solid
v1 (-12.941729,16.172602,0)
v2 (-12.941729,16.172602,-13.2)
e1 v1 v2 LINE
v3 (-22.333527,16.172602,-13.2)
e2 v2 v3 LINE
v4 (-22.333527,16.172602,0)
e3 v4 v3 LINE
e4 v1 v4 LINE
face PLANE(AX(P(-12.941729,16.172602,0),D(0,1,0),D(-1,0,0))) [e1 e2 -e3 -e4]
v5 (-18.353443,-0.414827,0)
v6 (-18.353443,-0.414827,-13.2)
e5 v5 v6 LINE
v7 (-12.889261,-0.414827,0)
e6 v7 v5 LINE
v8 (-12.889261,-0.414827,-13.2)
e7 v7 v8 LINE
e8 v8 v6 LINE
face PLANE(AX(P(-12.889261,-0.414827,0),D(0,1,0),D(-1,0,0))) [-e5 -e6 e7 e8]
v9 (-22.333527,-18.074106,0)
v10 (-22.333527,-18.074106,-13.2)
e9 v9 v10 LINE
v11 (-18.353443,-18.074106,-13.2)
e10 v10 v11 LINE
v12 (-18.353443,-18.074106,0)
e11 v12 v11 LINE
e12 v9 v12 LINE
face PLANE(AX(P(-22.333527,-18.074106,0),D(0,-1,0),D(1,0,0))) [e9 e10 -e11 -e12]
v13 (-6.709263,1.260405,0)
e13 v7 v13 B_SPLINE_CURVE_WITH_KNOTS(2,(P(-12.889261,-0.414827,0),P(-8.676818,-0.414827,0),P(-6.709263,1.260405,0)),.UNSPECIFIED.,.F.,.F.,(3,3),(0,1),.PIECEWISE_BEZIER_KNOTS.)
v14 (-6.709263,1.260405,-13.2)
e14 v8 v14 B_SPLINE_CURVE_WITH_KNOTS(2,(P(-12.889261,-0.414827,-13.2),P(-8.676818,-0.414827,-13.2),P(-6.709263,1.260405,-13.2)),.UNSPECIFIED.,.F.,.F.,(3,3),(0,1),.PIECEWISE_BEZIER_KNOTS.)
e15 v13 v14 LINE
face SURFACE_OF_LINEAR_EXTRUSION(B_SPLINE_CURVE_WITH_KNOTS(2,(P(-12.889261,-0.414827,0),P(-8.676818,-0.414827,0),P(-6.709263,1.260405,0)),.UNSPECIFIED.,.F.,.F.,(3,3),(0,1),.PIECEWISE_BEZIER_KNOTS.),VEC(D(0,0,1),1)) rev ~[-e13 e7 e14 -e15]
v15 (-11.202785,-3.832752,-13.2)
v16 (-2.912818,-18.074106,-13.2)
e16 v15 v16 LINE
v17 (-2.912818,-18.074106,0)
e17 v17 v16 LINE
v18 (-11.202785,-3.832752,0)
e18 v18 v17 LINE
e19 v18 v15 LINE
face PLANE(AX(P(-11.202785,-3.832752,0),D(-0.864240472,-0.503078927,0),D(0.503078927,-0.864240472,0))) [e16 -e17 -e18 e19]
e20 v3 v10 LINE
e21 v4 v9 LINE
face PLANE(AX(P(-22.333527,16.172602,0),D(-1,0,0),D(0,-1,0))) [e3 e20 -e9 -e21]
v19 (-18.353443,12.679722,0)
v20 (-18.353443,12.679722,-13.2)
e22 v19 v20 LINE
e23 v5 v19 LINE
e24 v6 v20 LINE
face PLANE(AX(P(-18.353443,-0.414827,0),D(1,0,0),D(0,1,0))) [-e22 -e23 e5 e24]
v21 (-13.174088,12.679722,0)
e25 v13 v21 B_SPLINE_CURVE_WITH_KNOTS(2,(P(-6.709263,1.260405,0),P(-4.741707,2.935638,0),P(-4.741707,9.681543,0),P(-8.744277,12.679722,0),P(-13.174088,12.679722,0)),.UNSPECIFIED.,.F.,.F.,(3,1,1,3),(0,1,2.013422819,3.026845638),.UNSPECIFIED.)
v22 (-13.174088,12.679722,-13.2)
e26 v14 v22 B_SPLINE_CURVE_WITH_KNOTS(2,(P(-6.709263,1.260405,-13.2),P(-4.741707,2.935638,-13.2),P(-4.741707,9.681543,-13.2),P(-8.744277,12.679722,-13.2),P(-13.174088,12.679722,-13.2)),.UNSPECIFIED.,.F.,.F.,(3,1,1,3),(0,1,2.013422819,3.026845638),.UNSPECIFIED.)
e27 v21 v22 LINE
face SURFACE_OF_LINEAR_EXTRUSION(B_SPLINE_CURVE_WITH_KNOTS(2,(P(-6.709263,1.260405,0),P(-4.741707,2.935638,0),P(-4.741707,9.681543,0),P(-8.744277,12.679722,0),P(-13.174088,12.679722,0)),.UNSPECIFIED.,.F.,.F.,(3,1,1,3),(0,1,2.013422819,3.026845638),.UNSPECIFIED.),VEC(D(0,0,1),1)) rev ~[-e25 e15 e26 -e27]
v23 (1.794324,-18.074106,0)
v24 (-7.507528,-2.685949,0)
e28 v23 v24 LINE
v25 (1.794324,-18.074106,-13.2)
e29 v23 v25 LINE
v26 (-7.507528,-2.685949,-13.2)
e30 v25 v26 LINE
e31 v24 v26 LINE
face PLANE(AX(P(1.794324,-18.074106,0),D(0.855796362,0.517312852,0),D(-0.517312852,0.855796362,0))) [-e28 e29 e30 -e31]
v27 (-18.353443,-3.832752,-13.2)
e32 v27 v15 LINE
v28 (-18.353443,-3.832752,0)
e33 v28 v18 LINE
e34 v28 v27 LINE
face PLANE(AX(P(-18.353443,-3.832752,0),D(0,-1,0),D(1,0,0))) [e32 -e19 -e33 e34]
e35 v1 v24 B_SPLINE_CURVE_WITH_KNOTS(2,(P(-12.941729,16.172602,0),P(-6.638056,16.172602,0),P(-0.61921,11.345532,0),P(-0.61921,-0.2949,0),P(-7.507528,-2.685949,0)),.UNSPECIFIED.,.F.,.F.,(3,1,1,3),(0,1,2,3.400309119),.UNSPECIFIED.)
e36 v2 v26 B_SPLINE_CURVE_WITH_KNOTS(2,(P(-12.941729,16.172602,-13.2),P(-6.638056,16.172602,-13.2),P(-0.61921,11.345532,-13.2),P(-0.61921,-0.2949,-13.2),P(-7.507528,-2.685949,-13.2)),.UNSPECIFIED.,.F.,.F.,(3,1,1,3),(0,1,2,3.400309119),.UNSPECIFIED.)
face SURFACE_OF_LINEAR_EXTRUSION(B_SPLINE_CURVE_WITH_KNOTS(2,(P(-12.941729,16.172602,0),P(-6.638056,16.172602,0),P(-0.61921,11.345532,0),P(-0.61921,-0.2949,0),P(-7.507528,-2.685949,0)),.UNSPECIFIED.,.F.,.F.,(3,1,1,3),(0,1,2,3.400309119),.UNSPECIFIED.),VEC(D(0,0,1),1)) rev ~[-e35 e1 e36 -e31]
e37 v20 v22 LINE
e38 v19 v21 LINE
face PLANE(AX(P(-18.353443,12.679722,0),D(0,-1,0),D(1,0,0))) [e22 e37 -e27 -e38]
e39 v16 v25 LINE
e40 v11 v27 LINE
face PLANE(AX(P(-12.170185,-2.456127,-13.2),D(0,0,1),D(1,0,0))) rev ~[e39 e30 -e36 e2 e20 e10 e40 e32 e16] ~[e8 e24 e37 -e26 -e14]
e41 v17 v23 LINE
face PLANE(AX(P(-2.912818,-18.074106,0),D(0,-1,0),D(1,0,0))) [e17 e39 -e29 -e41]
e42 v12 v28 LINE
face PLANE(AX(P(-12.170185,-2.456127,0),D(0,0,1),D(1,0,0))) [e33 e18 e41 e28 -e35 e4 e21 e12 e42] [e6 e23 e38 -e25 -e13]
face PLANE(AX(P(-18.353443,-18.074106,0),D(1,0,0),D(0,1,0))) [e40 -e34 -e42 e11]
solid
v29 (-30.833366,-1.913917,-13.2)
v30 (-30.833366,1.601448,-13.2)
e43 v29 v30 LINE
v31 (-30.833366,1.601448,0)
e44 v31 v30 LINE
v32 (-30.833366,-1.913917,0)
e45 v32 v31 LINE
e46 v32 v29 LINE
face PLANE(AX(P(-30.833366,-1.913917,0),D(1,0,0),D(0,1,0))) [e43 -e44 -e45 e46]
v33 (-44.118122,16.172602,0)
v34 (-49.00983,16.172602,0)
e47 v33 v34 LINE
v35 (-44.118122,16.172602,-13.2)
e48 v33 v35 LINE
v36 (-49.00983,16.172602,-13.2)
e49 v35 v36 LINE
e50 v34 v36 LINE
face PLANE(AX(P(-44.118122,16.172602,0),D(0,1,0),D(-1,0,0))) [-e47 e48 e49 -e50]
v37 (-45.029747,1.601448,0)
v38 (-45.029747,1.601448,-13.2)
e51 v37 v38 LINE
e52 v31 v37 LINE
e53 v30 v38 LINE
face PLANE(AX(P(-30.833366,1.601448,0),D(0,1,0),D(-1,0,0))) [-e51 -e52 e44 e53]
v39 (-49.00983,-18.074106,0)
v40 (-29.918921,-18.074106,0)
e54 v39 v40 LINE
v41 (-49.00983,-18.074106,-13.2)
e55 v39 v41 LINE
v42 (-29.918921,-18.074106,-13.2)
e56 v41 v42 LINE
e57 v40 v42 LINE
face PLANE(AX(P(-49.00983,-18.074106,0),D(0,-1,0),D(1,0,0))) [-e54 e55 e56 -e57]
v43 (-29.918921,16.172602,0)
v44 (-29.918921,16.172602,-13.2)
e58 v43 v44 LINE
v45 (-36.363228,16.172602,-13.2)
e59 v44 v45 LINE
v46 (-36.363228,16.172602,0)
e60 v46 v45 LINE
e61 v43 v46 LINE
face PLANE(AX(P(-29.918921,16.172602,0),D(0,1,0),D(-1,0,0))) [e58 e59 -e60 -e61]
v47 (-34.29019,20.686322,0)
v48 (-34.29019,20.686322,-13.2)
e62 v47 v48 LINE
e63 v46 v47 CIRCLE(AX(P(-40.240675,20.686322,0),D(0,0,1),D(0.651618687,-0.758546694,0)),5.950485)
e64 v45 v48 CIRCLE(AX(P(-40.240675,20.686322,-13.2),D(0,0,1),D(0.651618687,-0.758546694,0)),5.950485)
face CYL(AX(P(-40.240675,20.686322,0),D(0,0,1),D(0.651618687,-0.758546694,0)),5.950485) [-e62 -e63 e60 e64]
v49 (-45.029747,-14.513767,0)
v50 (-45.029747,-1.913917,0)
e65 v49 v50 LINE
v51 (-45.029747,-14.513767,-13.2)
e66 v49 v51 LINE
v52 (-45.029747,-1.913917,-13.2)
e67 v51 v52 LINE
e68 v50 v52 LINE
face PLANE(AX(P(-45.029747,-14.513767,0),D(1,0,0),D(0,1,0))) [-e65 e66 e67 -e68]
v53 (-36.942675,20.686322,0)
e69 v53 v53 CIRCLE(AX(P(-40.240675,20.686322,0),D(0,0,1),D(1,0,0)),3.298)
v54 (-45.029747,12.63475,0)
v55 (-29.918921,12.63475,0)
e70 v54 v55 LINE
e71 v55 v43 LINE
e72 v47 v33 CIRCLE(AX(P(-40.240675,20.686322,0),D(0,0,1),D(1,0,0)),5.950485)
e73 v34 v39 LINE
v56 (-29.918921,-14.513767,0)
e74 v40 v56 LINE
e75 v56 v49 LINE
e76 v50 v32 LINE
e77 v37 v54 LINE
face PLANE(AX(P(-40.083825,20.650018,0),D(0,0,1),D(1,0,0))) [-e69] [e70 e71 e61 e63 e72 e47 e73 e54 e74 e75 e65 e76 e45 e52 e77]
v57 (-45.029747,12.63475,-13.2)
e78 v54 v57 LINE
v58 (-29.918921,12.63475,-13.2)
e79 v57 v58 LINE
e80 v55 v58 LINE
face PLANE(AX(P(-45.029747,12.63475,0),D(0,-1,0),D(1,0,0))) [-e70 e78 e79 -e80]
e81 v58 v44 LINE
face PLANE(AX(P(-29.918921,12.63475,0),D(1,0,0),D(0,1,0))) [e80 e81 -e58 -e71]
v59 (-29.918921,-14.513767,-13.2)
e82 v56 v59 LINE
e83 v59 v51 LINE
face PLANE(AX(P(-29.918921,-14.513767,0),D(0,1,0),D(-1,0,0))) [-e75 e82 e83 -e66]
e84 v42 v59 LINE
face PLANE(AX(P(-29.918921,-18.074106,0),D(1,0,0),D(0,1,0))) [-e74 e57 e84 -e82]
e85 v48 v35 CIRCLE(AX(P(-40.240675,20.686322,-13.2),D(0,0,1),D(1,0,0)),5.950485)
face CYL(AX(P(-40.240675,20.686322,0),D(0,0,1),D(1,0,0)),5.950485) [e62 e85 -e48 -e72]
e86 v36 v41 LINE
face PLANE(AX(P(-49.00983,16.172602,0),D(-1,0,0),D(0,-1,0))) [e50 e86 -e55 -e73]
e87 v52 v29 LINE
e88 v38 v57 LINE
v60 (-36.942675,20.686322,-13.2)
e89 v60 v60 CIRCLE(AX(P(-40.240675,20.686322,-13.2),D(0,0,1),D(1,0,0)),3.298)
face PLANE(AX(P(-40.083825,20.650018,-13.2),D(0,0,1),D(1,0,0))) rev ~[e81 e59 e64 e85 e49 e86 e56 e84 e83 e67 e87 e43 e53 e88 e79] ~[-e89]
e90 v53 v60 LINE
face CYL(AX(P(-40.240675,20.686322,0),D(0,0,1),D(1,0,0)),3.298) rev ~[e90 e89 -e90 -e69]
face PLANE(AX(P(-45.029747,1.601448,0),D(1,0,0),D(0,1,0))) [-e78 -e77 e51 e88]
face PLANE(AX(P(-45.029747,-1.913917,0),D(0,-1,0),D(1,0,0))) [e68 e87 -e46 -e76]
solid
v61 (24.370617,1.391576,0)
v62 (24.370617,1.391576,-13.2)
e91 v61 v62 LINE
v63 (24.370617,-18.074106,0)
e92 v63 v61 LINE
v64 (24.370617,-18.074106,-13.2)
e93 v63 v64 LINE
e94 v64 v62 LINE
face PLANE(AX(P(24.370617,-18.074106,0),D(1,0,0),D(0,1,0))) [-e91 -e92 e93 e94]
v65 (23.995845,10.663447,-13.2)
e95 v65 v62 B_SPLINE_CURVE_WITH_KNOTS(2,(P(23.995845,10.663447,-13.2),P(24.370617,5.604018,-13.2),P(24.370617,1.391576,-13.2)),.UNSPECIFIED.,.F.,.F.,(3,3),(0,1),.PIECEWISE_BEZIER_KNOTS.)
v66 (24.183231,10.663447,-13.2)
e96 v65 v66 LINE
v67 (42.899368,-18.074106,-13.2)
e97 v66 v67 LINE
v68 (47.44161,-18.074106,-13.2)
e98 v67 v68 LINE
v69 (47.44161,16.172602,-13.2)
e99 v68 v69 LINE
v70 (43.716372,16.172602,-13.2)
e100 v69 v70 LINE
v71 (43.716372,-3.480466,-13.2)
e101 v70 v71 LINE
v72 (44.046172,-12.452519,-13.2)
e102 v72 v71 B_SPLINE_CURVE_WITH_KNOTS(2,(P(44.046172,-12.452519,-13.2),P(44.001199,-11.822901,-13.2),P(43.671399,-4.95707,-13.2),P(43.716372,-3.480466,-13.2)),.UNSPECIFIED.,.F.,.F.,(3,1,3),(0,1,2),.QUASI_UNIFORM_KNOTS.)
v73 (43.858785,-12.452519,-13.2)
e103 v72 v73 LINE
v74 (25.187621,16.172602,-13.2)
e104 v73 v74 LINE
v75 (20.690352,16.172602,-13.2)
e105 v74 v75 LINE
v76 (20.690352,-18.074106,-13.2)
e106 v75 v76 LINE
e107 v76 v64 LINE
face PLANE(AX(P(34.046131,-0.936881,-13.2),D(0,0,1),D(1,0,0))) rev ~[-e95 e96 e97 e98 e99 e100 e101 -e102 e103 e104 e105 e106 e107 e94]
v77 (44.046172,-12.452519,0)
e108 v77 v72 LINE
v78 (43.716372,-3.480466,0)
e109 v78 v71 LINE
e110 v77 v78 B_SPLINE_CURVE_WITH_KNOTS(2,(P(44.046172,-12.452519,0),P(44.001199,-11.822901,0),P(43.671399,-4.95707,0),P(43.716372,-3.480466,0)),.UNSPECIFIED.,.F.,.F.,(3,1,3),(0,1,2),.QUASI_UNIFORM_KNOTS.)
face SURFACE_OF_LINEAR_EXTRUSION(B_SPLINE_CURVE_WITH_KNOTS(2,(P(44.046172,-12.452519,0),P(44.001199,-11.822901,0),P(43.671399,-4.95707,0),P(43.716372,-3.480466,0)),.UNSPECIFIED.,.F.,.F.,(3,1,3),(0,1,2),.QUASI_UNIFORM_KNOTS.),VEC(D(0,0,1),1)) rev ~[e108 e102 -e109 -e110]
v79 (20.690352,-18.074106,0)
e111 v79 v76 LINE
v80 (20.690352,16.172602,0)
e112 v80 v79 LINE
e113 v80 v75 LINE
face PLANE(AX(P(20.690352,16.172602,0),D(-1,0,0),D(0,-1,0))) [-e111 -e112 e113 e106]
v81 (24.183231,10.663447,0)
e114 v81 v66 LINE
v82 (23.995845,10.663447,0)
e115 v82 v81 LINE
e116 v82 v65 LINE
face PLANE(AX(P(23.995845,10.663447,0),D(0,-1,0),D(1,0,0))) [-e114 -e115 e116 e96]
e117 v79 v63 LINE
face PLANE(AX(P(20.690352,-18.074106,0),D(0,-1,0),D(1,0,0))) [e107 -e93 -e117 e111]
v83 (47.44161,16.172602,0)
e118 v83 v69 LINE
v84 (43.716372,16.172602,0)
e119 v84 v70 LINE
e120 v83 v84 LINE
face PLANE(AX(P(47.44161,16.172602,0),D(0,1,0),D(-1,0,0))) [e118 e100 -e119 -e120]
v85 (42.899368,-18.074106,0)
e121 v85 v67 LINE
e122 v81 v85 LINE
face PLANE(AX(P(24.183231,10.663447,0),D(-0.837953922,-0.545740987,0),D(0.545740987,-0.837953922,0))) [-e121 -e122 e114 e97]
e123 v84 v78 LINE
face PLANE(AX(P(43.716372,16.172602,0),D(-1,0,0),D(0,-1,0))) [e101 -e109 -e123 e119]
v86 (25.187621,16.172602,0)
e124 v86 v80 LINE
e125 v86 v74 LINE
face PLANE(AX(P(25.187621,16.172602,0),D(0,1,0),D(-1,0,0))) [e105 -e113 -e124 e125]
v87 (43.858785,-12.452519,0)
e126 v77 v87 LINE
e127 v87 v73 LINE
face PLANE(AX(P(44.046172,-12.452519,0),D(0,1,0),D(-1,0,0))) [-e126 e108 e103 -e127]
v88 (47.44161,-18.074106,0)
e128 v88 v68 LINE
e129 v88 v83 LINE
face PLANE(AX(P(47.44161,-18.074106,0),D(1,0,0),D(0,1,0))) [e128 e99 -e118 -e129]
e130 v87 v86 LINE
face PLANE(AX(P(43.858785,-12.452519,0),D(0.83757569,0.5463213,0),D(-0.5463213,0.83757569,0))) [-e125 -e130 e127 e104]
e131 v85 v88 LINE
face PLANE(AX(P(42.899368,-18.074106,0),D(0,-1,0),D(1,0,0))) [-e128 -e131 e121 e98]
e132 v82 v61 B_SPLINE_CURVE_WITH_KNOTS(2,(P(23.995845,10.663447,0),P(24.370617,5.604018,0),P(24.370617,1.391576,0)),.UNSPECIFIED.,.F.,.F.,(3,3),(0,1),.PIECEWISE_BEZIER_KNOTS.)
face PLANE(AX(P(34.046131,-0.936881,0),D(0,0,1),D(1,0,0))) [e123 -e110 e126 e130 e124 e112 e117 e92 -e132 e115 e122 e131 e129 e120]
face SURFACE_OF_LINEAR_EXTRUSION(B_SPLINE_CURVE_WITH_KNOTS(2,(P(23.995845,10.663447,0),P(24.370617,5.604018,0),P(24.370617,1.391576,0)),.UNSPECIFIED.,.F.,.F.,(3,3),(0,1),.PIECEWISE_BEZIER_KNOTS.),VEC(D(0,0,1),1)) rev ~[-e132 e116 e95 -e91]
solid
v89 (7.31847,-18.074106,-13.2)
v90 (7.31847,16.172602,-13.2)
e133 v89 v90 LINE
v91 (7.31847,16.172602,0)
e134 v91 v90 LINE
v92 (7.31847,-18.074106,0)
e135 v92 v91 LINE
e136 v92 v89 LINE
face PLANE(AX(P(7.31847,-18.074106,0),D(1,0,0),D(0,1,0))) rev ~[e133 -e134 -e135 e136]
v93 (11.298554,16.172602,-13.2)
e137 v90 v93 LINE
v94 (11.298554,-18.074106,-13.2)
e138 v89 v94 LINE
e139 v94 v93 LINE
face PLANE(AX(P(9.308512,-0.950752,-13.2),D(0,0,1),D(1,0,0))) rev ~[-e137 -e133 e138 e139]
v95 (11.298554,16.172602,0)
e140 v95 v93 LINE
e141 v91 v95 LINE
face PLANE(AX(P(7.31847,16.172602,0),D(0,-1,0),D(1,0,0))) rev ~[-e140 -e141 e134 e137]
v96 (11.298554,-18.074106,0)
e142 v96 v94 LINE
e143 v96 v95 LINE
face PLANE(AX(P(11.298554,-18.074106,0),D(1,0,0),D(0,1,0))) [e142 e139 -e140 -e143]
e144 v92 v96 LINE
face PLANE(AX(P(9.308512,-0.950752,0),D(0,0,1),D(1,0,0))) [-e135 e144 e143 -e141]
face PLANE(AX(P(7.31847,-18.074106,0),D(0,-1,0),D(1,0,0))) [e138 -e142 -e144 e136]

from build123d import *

# Parameters (mm, degrees)
F0_R     = 3.298
F0_W     = 3.9800835275
F0_H     = 34.2467074145
F1_DEPTH = 13.2


with BuildPart() as f1:
    # F0 (on Top) → F1 (new body)
    with BuildSketch(Plane.XY):
        with BuildLine():
            ThreePointArc((-36.3632279745, 16.172601688), (-34.8332284537, 18.2028186515), (-34.2901903666, 20.6863220416))
            ThreePointArc((-34.2901903666, 20.6863220416), (-42.7241782679, 26.0937684658), (-44.1181217811, 16.172601688))
            Line((-44.1181217811, 16.172601688), (-36.3632279745, 16.172601688))
        make_face()
        with Locations((-40.2406748778, 20.6863220416)):
            Circle(F0_R, mode=Mode.SUBTRACT)
        with BuildLine():
            Line((-36.3632279745, 16.172601688), (-44.1181217811, 16.172601688))
            ThreePointArc((-44.1181217811, 16.172601688), (-40.2406748778, 14.7358375304), (-36.3632279745, 16.172601688))
        make_face()
        with BuildLine():
            ThreePointArc((-36.3632279745, 16.172601688), (-40.2406748778, 14.7358375304), (-44.1181217811, 16.172601688))
            Line((-44.1181217811, 16.172601688), (-49.00983037, 16.172601688))
            Line((-49.00983037, 16.172601688), (-49.00983037, -18.0741057266))
            Line((-49.00983037, -18.0741057266), (-29.9189212466, -18.0741057266))
            Line((-29.9189212466, -18.0741057266), (-29.9189212466, -14.5137673545))
            Line((-29.9189212466, -14.5137673545), (-45.0297468425, -14.5137673545))
            Line((-45.0297468425, -14.5137673545), (-45.0297468425, -1.913917242))
            Line((-45.0297468425, -1.913917242), (-30.8333660495, -1.913917242))
            Line((-30.8333660495, -1.913917242), (-30.8333660495, 1.6014484348))
            Line((-30.8333660495, 1.6014484348), (-45.0297468425, 1.6014484348))
            Line((-45.0297468425, 1.6014484348), (-45.0297468425, 12.6347496635))
            Line((-45.0297468425, 12.6347496635), (-29.9189212466, 12.6347496635))
            Line((-29.9189212466, 12.6347496635), (-29.9189212466, 16.172601688))
            Line((-29.9189212466, 16.172601688), (-36.3632279745, 16.172601688))
        make_face()
        with BuildLine():
            Line((-18.3534431243, -18.0741057266), (-18.3534431243, -3.8327522383))
            Line((-18.3534431243, -3.8327522383), (-11.2027845834, -3.8327522383))
            Line((-11.2027845834, -3.8327522383), (-2.9128177634, -18.0741057266))
            Line((-2.9128177634, -18.0741057266), (1.7943243369, -18.0741057266))
            Line((1.7943243369, -18.0741057266), (-7.5075281256, -2.6859485101))
            add(Edge.make_bspline(
                [(-0.6192103069, 6.4959767652), (-0.6192103069, -0.2949002139), (-7.5075281256, -2.6859485101)],
                knots=[0, 0, 0, 1, 1, 1], degree=2))
            add(Edge.make_bspline(
                [(-3.6286331624, 13.7590670442), (-0.6192103069, 11.3455324004), (-0.6192103069, 6.4959767652)],
                knots=[0, 0, 0, 1, 1, 1], degree=2))
            add(Edge.make_bspline(
                [(-12.9417287988, 16.172601688), (-6.6380560179, 16.172601688), (-3.6286331624, 13.7590670442)],
                knots=[0, 0, 0, 1, 1, 1], degree=2))
            Line((-12.9417287988, 16.172601688), (-22.3335266518, 16.172601688))
            Line((-22.3335266518, 16.172601688), (-22.3335266518, -18.0741057266))
            Line((-22.3335266518, -18.0741057266), (-18.3534431243, -18.0741057266))
        make_face()
        with BuildLine():
            Line((-12.8892606543, -0.4148274012), (-18.3534431243, -0.4148274012))
            Line((-18.3534431243, -0.4148274012), (-18.3534431243, 12.6797223588))
            Line((-18.3534431243, 12.6797223588), (-13.1740877241, 12.6797223588))
            add(Edge.make_bspline(
                [(-6.7429923068, 11.1806325179), (-8.7442772444, 12.6797223588), (-13.1740877241, 12.6797223588)],
                knots=[0, 0, 0, 1, 1, 1], degree=2))
            add(Edge.make_bspline(
                [(-4.7417073692, 6.2861041875), (-4.7417073692, 9.681542677), (-6.7429923068, 11.1806325179)],
                knots=[0, 0, 0, 1, 1, 1], degree=2))
            add(Edge.make_bspline(
                [(-6.7092627854, 1.260405496), (-4.7417073692, 2.9356383932), (-4.7417073692, 6.2861041875)],
                knots=[0, 0, 0, 1, 1, 1], degree=2))
            add(Edge.make_bspline(
                [(-12.8892606543, -0.4148274012), (-8.6768182015, -0.4148274012), (-6.7092627854, 1.260405496)],
                knots=[0, 0, 0, 1, 1, 1], degree=2))
        make_face(mode=Mode.SUBTRACT)
        with Locations((9.3085121643, -0.9507520193)):
            Rectangle(F0_W, F0_H)
        with BuildLine():
            Line((42.8993677734, -18.0741057266), (47.4416099912, -18.0741057266))
            Line((47.4416099912, -18.0741057266), (47.4416099912, 16.172601688))
            Line((47.4416099912, 16.172601688), (43.7163717367, 16.172601688))
            Line((43.7163717367, 16.172601688), (43.7163717367, -3.4804661257))
            add(Edge.make_bspline(
                [(43.836298924, -8.3899853546), (43.6713990415, -4.957069619), (43.7163717367, -3.4804661257)],
                knots=[0, 0, 0, 1, 1, 1], degree=2))
            add(Edge.make_bspline(
                [(44.0461715017, -12.4525188233), (44.0011988065, -11.8229010902), (43.836298924, -8.3899853546)],
                knots=[0, 0, 0, 1, 1, 1], degree=2))
            Line((44.0461715017, -12.4525188233), (43.8587852716, -12.4525188233))
            Line((43.8587852716, -12.4525188233), (25.1876213036, 16.172601688))
            Line((25.1876213036, 16.172601688), (20.690351781, 16.172601688))
            Line((20.690351781, 16.172601688), (20.690351781, -18.0741057266))
            Line((20.690351781, -18.0741057266), (24.3706173403, -18.0741057266))
            Line((24.3706173403, -18.0741057266), (24.3706173403, 1.3915758571))
            add(Edge.make_bspline(
                [(23.9958448801, 10.6634465228), (24.3706173403, 5.6040183099), (24.3706173403, 1.3915758571)],
                knots=[0, 0, 0, 1, 1, 1], degree=2))
            Line((23.9958448801, 10.6634465228), (24.1832311102, 10.6634465228))
            Line((24.1832311102, 10.6634465228), (42.8993677734, -18.0741057266))
        make_face()
    extrude(amount=-F1_DEPTH)


solid = f1.part
